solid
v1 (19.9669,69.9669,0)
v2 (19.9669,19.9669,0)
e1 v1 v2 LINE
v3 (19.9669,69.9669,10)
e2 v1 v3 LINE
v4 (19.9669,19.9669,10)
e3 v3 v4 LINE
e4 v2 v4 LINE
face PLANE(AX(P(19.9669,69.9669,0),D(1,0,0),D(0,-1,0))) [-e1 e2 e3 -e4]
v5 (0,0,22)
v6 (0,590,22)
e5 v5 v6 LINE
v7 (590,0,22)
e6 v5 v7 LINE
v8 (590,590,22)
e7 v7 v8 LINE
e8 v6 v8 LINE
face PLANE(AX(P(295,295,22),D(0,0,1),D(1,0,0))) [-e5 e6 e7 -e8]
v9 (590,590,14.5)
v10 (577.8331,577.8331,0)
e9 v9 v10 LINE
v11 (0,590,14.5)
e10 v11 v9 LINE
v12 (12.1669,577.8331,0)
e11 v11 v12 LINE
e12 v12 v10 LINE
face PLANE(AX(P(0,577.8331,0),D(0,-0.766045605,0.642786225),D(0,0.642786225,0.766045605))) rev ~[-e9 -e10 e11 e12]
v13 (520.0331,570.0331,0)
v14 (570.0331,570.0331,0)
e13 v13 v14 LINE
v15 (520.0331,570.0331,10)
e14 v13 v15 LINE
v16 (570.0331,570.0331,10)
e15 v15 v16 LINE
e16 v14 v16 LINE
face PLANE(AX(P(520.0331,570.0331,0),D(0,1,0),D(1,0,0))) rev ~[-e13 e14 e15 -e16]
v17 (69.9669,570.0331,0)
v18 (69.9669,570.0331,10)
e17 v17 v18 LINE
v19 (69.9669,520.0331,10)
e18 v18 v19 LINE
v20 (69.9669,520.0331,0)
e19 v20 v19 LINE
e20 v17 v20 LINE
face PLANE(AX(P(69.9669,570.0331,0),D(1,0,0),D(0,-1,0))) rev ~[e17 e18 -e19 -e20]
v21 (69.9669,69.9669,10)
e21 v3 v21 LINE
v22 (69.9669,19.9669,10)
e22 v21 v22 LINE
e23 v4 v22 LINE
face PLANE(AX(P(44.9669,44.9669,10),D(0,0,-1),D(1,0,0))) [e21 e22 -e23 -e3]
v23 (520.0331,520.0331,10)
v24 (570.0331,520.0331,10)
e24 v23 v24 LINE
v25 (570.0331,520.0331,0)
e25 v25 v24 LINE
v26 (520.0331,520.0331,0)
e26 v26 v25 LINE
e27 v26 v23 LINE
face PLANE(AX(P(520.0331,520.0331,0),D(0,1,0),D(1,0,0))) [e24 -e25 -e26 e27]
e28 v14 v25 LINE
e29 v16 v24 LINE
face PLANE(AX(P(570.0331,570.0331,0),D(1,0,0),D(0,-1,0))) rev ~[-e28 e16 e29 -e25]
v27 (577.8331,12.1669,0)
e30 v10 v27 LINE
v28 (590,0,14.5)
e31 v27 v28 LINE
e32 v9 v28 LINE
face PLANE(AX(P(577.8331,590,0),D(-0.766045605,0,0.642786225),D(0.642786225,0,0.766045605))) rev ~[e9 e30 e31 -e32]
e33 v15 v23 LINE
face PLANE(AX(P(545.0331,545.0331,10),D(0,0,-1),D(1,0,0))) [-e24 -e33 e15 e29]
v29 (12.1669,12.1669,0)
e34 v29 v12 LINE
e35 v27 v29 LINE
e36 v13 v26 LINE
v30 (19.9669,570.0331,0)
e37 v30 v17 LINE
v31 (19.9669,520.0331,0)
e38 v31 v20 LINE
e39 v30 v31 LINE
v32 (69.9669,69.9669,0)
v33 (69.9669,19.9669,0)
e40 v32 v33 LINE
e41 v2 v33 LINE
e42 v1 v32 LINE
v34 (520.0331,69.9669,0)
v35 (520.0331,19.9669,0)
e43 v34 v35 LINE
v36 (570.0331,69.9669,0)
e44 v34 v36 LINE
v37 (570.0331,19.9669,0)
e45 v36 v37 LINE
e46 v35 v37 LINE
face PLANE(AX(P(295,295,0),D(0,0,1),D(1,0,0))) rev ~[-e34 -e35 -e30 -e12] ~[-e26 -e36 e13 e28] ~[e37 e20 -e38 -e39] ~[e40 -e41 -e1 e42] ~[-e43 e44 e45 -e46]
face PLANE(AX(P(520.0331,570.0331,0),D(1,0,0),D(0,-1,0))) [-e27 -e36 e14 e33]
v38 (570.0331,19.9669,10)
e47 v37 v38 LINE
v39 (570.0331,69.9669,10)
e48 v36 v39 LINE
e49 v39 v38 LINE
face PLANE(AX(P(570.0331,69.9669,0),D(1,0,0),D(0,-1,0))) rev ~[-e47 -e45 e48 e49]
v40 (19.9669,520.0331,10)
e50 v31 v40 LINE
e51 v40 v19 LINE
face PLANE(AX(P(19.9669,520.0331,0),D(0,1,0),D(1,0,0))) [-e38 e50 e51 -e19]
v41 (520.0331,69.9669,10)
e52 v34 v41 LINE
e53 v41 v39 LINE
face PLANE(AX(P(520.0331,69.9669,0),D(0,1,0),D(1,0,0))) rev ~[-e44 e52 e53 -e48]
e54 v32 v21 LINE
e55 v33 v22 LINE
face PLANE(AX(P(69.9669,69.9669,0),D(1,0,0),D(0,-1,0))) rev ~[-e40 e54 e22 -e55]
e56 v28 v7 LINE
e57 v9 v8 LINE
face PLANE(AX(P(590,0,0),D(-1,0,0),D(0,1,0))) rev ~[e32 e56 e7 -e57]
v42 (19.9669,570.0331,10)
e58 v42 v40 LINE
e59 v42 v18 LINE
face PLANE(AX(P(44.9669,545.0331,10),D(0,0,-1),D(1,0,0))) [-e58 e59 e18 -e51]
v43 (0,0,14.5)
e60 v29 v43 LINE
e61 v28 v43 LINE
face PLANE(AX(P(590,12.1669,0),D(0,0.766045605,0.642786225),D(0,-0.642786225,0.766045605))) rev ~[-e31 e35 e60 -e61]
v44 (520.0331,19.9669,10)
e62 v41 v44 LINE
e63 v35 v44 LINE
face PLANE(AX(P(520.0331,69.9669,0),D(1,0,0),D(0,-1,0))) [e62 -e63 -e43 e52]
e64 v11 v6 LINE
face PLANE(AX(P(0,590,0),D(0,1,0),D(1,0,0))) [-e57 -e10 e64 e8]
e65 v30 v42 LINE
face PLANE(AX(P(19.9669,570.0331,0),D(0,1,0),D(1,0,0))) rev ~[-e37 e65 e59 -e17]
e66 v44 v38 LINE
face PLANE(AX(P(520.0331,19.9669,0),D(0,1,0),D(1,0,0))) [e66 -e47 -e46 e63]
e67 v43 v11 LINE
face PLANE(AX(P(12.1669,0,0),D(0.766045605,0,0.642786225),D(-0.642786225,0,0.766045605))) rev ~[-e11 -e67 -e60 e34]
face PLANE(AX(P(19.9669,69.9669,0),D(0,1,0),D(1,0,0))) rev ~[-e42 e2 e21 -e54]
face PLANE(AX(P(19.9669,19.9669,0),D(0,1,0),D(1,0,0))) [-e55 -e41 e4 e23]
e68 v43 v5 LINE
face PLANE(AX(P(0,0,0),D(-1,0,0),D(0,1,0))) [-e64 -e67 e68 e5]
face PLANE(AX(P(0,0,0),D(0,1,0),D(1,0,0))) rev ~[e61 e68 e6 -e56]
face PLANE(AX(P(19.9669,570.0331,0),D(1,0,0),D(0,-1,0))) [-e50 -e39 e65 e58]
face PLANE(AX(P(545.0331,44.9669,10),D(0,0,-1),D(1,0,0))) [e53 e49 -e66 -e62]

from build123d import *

# Parameters (mm, degrees)
F0_W      = 590
F0_H      = 590
F1_DEPTH  = 22
F7_DEPTH  = 590.001
F8_DEPTH  = 590.001
F9_DEPTH  = 590.001
F10_DEPTH = 590.001
F11_W     = 50
F11_H     = 50
F12_DEPTH = 10


with BuildPart() as f1:
    # F0 (on Top) → F1 (new body)
    with BuildSketch(Plane.XY):
        with Locations((295, 295)):
            Rectangle(F0_W, F0_H)
    extrude(amount=F1_DEPTH)

    # F3 (on face) → F7 (cut, through all)
    with BuildSketch(Plane.XZ):
        Polygon((0, 14.5), (0, 0), (12.1669, 0), align=None)
    extrude(amount=-F7_DEPTH, mode=Mode.SUBTRACT)

    # F4 (on face) → F8 (cut, through all)
    with BuildSketch(Plane.YZ.offset(590)):
        Polygon((0, 14.5), (0, 0), (12.1669, 0), align=None)
    extrude(amount=-F8_DEPTH, mode=Mode.SUBTRACT)

    # F5 (on face) → F9 (cut, through all)
    with BuildSketch(Plane(origin=(0, 0, 0), x_dir=(0, -1, 0), z_dir=(-1, 0, 0))):
        Polygon((-590, 14.5), (-590, 0), (-577.8331, 0), align=None)
    extrude(amount=-F9_DEPTH, mode=Mode.SUBTRACT)

    # F6 (on face) → F10 (cut, through all)
    with BuildSketch(Plane(origin=(0, 590, 0), x_dir=(-1, 0, 0), z_dir=(0, 1, 0))):
        Polygon((-590, 14.5), (-590, 0), (-577.8331, 0), align=None)
    extrude(amount=-F10_DEPTH, mode=Mode.SUBTRACT)

    # F11 (on face) → F12 (cut)
    with BuildSketch(Plane(origin=(0, 0, 0), x_dir=(1, 0, 0), z_dir=(0, 0, -1))):
        with Locations((44.9669, -44.9669)):
            Rectangle(F11_W, F11_H)
        with Locations((545.0331, -44.9669)):
            Rectangle(F11_W, F11_H)
        with Locations((44.9669, -545.0331)):
            Rectangle(F11_W, F11_H)
        with Locations((545.0331, -545.0331)):
            Rectangle(F11_W, F11_H)
    extrude(amount=-F12_DEPTH, mode=Mode.SUBTRACT)


solid = f1.part
